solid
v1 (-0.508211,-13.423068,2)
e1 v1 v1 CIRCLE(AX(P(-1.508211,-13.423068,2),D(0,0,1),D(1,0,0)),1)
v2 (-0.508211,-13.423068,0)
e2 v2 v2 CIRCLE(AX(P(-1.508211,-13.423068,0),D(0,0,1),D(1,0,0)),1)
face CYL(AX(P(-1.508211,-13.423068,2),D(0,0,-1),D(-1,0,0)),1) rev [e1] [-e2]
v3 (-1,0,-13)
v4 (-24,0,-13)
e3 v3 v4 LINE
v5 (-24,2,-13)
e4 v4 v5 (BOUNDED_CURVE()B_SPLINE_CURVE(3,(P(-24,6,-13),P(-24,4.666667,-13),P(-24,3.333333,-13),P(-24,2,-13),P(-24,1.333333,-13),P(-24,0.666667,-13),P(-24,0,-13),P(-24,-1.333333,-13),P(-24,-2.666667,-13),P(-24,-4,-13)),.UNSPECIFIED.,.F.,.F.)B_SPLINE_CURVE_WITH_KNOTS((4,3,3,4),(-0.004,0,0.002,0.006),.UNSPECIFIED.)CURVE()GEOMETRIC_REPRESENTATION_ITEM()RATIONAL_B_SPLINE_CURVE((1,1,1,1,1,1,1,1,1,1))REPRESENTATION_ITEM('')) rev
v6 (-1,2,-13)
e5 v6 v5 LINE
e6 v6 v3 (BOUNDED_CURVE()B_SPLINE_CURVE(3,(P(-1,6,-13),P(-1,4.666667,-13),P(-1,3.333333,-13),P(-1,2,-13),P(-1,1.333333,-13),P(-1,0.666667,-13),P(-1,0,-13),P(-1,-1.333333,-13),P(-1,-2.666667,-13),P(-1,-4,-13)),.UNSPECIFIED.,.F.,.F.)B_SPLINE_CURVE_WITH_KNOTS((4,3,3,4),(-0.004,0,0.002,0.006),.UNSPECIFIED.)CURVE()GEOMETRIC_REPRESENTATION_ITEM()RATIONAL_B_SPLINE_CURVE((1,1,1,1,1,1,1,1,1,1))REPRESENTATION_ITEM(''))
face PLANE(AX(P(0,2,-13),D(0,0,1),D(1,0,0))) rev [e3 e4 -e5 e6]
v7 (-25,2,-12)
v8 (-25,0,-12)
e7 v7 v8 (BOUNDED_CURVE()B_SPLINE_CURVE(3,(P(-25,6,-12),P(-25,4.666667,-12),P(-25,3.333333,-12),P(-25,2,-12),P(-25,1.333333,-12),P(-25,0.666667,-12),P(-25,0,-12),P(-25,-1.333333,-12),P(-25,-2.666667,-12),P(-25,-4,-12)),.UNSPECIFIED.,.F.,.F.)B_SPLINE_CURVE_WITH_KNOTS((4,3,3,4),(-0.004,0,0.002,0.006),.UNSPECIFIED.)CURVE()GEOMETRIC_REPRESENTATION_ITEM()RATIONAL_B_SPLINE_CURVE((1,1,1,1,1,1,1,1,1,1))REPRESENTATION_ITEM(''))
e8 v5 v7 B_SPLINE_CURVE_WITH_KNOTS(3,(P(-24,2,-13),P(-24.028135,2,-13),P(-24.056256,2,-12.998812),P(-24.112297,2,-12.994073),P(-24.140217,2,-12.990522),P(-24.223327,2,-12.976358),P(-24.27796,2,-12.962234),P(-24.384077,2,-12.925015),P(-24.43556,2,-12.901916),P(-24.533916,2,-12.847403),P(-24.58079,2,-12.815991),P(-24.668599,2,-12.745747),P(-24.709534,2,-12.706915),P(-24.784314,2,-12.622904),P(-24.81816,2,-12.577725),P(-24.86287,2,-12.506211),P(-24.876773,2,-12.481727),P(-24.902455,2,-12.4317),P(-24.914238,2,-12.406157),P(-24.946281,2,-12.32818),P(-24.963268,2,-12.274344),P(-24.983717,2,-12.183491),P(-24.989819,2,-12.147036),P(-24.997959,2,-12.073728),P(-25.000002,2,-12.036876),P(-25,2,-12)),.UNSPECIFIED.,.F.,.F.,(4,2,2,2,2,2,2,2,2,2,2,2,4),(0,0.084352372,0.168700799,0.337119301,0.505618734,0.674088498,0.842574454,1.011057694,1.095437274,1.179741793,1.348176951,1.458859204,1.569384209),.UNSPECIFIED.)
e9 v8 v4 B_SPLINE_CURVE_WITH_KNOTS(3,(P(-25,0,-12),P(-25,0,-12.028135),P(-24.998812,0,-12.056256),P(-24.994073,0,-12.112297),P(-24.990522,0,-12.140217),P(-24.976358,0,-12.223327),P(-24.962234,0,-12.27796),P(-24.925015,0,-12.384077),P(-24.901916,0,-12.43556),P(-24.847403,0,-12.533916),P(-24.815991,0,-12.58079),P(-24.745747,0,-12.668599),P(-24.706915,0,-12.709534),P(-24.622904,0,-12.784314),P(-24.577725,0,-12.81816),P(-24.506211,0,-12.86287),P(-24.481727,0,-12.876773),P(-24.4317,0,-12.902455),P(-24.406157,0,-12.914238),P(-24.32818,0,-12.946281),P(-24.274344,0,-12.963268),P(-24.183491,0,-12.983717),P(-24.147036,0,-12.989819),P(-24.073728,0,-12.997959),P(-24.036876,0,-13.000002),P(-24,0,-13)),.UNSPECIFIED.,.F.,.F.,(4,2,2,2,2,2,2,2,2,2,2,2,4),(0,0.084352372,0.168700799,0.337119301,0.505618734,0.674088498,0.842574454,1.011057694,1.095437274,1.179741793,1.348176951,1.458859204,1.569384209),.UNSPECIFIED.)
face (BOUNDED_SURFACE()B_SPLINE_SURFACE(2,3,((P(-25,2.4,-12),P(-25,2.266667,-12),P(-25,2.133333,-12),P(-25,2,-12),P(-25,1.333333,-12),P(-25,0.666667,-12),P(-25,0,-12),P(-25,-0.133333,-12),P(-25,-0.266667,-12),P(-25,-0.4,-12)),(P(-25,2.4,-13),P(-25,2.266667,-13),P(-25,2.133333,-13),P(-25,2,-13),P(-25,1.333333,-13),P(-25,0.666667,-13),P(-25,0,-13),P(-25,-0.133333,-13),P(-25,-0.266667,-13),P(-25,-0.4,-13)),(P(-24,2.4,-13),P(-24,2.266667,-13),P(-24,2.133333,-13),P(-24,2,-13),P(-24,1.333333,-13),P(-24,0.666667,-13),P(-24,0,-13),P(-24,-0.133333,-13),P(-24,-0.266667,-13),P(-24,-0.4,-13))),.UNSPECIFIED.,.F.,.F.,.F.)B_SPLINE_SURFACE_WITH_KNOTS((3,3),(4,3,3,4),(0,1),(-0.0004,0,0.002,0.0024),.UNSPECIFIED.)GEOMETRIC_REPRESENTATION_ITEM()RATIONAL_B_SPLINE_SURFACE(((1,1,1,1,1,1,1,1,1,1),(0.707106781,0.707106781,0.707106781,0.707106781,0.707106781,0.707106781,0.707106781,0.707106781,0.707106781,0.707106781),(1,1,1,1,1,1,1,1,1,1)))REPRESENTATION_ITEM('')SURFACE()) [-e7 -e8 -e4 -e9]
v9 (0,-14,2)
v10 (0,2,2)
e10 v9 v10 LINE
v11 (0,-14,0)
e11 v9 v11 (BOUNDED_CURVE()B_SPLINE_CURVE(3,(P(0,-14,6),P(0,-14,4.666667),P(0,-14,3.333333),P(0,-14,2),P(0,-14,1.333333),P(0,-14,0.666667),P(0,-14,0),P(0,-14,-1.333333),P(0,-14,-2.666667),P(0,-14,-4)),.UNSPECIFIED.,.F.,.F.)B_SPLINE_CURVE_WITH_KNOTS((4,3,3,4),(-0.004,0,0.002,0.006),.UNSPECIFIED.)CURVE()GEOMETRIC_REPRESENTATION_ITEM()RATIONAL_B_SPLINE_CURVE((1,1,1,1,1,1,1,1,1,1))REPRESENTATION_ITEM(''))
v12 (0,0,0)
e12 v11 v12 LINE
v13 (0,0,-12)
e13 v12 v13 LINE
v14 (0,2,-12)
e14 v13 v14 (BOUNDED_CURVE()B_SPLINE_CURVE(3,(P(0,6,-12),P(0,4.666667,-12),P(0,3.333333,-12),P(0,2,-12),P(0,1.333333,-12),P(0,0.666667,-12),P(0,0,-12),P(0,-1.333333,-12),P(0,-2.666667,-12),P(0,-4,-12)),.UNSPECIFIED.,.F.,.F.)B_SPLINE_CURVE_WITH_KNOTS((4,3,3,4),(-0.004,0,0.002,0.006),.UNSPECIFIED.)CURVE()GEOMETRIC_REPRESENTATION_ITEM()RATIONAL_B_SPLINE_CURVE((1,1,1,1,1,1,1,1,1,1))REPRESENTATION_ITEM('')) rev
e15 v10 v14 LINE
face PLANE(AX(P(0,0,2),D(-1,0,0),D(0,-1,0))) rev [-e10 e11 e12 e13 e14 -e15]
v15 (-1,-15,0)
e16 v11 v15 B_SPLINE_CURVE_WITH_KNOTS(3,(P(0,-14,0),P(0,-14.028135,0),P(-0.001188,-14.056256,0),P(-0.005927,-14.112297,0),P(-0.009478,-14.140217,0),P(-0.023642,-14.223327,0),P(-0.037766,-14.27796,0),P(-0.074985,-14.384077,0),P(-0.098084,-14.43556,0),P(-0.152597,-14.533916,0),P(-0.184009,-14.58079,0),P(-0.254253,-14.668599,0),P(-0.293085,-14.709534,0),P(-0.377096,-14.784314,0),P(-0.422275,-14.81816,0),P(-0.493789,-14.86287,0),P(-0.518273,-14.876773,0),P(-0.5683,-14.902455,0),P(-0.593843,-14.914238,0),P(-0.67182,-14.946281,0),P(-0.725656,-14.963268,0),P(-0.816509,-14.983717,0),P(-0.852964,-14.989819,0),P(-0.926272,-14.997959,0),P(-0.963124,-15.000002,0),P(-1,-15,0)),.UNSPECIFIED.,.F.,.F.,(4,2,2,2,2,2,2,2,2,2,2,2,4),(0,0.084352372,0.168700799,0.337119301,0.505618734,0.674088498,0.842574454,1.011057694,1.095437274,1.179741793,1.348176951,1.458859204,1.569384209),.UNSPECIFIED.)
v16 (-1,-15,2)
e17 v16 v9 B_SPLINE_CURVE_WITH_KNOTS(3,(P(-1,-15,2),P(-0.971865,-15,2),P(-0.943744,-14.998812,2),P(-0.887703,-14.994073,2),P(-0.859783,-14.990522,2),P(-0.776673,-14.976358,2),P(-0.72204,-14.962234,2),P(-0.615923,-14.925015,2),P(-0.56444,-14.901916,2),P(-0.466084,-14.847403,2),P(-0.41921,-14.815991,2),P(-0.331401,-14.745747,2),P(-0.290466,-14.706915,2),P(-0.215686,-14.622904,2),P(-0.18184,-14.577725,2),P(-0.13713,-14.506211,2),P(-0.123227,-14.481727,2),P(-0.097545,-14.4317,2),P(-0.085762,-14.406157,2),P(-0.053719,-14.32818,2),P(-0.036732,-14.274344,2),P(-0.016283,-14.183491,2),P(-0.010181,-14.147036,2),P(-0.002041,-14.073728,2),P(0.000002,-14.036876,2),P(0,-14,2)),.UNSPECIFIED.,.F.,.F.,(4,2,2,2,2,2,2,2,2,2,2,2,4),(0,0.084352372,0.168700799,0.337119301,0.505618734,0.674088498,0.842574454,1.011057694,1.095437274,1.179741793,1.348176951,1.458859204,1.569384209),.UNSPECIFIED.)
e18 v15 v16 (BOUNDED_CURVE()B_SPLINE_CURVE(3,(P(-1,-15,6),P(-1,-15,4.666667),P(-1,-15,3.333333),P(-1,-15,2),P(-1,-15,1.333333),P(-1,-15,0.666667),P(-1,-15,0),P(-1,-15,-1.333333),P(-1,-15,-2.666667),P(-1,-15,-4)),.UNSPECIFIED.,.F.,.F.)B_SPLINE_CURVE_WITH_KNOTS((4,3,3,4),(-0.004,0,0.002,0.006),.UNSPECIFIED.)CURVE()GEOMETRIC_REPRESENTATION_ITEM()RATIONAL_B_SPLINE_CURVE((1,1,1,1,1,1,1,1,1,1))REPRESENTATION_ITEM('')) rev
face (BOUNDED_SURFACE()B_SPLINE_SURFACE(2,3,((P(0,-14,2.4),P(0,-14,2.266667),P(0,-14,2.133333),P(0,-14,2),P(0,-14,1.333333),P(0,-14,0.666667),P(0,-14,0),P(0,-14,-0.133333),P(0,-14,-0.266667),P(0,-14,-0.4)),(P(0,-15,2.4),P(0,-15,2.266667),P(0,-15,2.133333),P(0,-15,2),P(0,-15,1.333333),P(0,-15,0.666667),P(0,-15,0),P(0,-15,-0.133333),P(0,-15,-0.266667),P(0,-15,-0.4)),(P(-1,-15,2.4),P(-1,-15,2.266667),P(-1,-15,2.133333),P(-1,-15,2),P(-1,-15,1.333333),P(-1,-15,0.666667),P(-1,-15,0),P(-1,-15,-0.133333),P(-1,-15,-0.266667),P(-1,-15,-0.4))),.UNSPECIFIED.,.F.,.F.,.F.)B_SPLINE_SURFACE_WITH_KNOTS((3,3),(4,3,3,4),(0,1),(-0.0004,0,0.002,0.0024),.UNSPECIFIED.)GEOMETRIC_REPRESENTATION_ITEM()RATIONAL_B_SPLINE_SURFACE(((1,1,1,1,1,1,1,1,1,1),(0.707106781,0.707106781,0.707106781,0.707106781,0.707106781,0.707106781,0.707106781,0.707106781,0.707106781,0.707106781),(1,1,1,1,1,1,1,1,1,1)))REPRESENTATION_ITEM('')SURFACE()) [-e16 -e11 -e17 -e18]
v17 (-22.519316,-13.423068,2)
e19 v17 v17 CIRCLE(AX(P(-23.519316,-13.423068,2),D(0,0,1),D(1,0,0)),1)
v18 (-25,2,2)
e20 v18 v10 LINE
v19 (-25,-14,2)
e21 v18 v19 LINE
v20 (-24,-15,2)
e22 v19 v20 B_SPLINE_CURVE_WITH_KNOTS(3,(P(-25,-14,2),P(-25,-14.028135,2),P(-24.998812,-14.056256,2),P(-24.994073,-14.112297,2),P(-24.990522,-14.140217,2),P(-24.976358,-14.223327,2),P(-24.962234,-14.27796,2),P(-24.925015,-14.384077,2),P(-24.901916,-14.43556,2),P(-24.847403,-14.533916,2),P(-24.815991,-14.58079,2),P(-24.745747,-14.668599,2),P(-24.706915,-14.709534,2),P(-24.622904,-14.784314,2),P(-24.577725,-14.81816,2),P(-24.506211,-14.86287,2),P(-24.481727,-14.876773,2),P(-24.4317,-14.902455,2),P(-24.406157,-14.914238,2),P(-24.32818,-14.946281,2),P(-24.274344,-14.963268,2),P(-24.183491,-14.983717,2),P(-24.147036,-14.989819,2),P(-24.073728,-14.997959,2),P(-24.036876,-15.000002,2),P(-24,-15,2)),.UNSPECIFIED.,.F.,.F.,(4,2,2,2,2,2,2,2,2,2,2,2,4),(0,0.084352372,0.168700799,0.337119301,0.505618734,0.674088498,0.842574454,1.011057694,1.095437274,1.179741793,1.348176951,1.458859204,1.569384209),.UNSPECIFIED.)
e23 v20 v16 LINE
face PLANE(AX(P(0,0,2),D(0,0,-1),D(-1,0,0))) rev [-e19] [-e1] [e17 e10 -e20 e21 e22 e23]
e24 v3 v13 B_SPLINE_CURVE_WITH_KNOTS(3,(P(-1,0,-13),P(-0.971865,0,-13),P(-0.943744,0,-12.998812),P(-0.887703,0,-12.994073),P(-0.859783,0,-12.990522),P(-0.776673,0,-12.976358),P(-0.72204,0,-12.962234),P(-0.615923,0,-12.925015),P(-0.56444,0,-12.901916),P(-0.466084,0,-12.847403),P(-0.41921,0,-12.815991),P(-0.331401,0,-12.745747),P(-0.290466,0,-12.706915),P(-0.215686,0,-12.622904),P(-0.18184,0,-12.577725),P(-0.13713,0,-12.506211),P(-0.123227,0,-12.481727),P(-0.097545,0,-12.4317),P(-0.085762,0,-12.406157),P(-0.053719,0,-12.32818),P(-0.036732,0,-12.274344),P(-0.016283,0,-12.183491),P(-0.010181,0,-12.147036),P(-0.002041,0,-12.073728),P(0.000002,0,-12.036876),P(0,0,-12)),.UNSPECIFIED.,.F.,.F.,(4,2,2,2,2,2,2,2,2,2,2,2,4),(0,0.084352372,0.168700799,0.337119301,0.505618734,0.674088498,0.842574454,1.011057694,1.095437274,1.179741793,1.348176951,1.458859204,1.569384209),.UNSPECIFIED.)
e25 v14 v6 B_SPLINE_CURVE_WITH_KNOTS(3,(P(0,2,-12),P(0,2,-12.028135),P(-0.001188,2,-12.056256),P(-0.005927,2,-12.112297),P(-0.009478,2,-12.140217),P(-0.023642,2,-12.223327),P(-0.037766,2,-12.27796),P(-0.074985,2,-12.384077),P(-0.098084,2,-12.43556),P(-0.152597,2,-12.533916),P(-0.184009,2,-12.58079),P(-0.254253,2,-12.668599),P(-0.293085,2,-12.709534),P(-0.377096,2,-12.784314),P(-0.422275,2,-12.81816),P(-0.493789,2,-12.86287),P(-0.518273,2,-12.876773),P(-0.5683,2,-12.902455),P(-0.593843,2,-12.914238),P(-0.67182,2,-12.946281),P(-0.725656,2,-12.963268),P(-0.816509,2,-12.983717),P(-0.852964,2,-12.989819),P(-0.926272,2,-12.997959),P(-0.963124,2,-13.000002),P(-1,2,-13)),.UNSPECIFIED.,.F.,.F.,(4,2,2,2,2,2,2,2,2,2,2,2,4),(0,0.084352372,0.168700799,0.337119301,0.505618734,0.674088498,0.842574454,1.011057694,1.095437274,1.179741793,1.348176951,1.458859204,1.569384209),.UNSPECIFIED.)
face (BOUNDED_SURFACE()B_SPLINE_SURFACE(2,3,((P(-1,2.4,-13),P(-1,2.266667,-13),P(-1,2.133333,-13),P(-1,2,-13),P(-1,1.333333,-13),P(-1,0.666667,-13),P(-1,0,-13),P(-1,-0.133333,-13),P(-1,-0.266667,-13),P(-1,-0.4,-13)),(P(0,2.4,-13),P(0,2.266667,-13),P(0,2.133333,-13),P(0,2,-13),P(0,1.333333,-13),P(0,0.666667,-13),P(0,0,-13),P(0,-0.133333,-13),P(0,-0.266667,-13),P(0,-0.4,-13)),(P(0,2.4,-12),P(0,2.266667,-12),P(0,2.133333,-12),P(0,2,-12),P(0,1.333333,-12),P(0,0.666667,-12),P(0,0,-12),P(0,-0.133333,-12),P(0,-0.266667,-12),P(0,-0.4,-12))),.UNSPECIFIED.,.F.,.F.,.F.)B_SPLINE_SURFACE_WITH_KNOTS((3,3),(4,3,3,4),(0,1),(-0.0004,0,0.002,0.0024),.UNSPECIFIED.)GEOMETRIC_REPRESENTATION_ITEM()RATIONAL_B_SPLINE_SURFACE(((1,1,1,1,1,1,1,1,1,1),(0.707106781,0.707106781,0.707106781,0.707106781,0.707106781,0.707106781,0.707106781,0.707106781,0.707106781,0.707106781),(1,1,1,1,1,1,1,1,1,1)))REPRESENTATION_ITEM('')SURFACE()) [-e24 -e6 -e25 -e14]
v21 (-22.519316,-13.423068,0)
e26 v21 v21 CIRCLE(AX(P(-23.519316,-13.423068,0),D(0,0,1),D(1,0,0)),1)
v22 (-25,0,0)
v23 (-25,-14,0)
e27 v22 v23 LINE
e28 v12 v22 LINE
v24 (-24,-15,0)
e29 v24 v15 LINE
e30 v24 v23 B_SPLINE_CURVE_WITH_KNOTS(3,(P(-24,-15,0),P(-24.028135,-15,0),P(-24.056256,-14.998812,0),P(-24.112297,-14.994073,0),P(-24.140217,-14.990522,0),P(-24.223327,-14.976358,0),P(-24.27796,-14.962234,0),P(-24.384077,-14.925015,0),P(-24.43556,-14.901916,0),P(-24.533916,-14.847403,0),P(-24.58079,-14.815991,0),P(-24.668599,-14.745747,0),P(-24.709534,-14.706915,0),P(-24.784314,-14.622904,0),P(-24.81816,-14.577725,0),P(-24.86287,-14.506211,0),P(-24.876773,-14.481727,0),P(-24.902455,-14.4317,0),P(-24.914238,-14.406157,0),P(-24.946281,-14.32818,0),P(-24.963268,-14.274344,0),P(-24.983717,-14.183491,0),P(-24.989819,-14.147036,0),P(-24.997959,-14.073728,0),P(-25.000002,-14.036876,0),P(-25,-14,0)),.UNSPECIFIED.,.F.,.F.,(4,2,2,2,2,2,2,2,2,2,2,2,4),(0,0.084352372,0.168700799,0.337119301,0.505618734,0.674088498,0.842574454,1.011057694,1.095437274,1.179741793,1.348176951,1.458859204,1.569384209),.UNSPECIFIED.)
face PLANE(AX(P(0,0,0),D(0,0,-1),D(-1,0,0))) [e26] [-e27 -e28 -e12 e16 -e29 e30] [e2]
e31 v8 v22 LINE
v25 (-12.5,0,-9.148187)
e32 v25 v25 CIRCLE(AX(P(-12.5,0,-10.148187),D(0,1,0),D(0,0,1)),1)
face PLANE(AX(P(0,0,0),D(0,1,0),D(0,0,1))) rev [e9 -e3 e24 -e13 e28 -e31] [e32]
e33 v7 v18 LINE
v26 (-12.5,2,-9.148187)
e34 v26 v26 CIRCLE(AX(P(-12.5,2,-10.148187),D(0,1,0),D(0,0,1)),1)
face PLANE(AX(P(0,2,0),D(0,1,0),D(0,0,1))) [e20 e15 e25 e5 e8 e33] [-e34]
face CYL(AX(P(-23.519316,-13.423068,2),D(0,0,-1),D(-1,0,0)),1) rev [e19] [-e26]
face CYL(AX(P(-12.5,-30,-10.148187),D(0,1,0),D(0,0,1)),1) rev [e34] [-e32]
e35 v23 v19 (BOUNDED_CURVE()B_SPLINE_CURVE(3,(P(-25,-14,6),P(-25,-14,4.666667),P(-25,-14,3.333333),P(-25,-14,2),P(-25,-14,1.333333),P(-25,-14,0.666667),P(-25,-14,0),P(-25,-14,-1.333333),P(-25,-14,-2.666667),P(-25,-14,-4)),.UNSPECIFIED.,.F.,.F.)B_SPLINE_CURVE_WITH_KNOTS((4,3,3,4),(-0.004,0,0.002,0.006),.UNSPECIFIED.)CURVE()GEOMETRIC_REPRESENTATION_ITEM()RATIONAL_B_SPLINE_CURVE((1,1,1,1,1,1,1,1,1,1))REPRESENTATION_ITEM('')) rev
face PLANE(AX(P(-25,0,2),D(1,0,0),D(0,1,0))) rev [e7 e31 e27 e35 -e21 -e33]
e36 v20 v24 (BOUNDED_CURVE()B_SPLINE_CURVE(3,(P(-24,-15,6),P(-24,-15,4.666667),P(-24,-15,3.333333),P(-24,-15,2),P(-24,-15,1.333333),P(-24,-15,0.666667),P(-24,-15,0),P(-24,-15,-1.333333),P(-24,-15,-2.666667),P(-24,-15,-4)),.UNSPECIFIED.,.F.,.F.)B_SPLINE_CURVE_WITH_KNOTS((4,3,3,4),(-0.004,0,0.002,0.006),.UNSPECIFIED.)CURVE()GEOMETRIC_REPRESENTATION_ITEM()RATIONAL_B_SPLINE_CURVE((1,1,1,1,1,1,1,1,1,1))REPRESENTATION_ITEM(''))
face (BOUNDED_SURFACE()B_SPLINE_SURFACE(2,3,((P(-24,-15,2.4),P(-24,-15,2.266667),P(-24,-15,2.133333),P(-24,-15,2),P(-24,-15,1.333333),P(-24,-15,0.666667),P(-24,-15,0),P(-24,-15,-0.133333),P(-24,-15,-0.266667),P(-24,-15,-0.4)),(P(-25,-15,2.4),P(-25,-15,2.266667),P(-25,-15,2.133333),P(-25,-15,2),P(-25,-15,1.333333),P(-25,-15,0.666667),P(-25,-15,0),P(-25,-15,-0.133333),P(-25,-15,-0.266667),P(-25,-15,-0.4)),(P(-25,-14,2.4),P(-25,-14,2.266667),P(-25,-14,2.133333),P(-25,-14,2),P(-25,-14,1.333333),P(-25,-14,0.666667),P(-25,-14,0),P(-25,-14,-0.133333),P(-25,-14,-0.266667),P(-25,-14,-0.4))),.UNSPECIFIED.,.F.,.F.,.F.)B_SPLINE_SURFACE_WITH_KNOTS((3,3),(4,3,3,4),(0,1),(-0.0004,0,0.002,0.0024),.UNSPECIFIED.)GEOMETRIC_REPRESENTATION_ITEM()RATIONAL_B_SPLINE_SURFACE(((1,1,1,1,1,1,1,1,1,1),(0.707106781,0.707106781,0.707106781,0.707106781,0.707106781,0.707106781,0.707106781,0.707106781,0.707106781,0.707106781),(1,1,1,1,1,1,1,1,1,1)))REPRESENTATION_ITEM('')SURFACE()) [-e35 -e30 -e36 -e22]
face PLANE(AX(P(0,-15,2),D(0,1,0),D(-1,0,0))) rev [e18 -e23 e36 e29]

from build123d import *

# Parameters (mm, degrees)
SKETCH1_W           = 25
SKETCH1_H           = 15
SKETCH1_R           = 1
BOSS_EXTRUDE1_DEPTH = 2
FILLET5_R           = 1
SKETCH2_W           = 25
SKETCH2_H           = 15
BOSS_EXTRUDE2_DEPTH = 2
FILLET6_R           = 1
FILLET7_R           = 1
SKETCH3_R           = 1
CUT_EXTRUDE1_DEPTH  = 32


with BuildPart() as part:
    # Sketch1 → Boss-Extrude1 (new body)
    with BuildSketch(Plane.XY):
        with Locations((-12.5, -7.5)):
            Rectangle(SKETCH1_W, SKETCH1_H)
        with Locations((-23.519315542, -13.423068426)):
            Circle(SKETCH1_R, mode=Mode.SUBTRACT)
        with Locations((-1.508210611, -13.423068426)):
            Circle(SKETCH1_R, mode=Mode.SUBTRACT)
    extrude(amount=BOSS_EXTRUDE1_DEPTH)

    # Fillet5
    fillet5_edges = [part.edges().sort_by_distance(p)[0] for p in [
        (0, -15, 1),
        (-25, -15, 1),
    ]]
    fillet(fillet5_edges, radius=FILLET5_R)

    # Sketch2 → Boss-Extrude2 (add)
    with BuildSketch(Plane(origin=(0, 0, 0), x_dir=(1, 0, 0), z_dir=(0, 1, 0))):
        with Locations((-12.5, 5.5)):
            Rectangle(SKETCH2_W, SKETCH2_H)
    extrude(amount=BOSS_EXTRUDE2_DEPTH)

    # Fillet6
    fillet6_edges = [part.edges().sort_by_distance(p)[0] for p in [
        (-25, 1, -13),
    ]]
    fillet(fillet6_edges, radius=FILLET6_R)

    # Fillet7
    fillet7_edges = [part.edges().sort_by_distance(p)[0] for p in [
        (0, 1, -13),
    ]]
    fillet(fillet7_edges, radius=FILLET7_R)

    # Sketch3 → Cut-Extrude1 (cut)
    with BuildSketch(Plane(origin=(0, 2, 0), x_dir=(1, 0, 0), z_dir=(0, 1, 0))):
        with Locations((-12.5, 10.148186861)):
            Circle(SKETCH3_R)
    extrude(amount=-CUT_EXTRUDE1_DEPTH, mode=Mode.SUBTRACT)


solid = part.part
